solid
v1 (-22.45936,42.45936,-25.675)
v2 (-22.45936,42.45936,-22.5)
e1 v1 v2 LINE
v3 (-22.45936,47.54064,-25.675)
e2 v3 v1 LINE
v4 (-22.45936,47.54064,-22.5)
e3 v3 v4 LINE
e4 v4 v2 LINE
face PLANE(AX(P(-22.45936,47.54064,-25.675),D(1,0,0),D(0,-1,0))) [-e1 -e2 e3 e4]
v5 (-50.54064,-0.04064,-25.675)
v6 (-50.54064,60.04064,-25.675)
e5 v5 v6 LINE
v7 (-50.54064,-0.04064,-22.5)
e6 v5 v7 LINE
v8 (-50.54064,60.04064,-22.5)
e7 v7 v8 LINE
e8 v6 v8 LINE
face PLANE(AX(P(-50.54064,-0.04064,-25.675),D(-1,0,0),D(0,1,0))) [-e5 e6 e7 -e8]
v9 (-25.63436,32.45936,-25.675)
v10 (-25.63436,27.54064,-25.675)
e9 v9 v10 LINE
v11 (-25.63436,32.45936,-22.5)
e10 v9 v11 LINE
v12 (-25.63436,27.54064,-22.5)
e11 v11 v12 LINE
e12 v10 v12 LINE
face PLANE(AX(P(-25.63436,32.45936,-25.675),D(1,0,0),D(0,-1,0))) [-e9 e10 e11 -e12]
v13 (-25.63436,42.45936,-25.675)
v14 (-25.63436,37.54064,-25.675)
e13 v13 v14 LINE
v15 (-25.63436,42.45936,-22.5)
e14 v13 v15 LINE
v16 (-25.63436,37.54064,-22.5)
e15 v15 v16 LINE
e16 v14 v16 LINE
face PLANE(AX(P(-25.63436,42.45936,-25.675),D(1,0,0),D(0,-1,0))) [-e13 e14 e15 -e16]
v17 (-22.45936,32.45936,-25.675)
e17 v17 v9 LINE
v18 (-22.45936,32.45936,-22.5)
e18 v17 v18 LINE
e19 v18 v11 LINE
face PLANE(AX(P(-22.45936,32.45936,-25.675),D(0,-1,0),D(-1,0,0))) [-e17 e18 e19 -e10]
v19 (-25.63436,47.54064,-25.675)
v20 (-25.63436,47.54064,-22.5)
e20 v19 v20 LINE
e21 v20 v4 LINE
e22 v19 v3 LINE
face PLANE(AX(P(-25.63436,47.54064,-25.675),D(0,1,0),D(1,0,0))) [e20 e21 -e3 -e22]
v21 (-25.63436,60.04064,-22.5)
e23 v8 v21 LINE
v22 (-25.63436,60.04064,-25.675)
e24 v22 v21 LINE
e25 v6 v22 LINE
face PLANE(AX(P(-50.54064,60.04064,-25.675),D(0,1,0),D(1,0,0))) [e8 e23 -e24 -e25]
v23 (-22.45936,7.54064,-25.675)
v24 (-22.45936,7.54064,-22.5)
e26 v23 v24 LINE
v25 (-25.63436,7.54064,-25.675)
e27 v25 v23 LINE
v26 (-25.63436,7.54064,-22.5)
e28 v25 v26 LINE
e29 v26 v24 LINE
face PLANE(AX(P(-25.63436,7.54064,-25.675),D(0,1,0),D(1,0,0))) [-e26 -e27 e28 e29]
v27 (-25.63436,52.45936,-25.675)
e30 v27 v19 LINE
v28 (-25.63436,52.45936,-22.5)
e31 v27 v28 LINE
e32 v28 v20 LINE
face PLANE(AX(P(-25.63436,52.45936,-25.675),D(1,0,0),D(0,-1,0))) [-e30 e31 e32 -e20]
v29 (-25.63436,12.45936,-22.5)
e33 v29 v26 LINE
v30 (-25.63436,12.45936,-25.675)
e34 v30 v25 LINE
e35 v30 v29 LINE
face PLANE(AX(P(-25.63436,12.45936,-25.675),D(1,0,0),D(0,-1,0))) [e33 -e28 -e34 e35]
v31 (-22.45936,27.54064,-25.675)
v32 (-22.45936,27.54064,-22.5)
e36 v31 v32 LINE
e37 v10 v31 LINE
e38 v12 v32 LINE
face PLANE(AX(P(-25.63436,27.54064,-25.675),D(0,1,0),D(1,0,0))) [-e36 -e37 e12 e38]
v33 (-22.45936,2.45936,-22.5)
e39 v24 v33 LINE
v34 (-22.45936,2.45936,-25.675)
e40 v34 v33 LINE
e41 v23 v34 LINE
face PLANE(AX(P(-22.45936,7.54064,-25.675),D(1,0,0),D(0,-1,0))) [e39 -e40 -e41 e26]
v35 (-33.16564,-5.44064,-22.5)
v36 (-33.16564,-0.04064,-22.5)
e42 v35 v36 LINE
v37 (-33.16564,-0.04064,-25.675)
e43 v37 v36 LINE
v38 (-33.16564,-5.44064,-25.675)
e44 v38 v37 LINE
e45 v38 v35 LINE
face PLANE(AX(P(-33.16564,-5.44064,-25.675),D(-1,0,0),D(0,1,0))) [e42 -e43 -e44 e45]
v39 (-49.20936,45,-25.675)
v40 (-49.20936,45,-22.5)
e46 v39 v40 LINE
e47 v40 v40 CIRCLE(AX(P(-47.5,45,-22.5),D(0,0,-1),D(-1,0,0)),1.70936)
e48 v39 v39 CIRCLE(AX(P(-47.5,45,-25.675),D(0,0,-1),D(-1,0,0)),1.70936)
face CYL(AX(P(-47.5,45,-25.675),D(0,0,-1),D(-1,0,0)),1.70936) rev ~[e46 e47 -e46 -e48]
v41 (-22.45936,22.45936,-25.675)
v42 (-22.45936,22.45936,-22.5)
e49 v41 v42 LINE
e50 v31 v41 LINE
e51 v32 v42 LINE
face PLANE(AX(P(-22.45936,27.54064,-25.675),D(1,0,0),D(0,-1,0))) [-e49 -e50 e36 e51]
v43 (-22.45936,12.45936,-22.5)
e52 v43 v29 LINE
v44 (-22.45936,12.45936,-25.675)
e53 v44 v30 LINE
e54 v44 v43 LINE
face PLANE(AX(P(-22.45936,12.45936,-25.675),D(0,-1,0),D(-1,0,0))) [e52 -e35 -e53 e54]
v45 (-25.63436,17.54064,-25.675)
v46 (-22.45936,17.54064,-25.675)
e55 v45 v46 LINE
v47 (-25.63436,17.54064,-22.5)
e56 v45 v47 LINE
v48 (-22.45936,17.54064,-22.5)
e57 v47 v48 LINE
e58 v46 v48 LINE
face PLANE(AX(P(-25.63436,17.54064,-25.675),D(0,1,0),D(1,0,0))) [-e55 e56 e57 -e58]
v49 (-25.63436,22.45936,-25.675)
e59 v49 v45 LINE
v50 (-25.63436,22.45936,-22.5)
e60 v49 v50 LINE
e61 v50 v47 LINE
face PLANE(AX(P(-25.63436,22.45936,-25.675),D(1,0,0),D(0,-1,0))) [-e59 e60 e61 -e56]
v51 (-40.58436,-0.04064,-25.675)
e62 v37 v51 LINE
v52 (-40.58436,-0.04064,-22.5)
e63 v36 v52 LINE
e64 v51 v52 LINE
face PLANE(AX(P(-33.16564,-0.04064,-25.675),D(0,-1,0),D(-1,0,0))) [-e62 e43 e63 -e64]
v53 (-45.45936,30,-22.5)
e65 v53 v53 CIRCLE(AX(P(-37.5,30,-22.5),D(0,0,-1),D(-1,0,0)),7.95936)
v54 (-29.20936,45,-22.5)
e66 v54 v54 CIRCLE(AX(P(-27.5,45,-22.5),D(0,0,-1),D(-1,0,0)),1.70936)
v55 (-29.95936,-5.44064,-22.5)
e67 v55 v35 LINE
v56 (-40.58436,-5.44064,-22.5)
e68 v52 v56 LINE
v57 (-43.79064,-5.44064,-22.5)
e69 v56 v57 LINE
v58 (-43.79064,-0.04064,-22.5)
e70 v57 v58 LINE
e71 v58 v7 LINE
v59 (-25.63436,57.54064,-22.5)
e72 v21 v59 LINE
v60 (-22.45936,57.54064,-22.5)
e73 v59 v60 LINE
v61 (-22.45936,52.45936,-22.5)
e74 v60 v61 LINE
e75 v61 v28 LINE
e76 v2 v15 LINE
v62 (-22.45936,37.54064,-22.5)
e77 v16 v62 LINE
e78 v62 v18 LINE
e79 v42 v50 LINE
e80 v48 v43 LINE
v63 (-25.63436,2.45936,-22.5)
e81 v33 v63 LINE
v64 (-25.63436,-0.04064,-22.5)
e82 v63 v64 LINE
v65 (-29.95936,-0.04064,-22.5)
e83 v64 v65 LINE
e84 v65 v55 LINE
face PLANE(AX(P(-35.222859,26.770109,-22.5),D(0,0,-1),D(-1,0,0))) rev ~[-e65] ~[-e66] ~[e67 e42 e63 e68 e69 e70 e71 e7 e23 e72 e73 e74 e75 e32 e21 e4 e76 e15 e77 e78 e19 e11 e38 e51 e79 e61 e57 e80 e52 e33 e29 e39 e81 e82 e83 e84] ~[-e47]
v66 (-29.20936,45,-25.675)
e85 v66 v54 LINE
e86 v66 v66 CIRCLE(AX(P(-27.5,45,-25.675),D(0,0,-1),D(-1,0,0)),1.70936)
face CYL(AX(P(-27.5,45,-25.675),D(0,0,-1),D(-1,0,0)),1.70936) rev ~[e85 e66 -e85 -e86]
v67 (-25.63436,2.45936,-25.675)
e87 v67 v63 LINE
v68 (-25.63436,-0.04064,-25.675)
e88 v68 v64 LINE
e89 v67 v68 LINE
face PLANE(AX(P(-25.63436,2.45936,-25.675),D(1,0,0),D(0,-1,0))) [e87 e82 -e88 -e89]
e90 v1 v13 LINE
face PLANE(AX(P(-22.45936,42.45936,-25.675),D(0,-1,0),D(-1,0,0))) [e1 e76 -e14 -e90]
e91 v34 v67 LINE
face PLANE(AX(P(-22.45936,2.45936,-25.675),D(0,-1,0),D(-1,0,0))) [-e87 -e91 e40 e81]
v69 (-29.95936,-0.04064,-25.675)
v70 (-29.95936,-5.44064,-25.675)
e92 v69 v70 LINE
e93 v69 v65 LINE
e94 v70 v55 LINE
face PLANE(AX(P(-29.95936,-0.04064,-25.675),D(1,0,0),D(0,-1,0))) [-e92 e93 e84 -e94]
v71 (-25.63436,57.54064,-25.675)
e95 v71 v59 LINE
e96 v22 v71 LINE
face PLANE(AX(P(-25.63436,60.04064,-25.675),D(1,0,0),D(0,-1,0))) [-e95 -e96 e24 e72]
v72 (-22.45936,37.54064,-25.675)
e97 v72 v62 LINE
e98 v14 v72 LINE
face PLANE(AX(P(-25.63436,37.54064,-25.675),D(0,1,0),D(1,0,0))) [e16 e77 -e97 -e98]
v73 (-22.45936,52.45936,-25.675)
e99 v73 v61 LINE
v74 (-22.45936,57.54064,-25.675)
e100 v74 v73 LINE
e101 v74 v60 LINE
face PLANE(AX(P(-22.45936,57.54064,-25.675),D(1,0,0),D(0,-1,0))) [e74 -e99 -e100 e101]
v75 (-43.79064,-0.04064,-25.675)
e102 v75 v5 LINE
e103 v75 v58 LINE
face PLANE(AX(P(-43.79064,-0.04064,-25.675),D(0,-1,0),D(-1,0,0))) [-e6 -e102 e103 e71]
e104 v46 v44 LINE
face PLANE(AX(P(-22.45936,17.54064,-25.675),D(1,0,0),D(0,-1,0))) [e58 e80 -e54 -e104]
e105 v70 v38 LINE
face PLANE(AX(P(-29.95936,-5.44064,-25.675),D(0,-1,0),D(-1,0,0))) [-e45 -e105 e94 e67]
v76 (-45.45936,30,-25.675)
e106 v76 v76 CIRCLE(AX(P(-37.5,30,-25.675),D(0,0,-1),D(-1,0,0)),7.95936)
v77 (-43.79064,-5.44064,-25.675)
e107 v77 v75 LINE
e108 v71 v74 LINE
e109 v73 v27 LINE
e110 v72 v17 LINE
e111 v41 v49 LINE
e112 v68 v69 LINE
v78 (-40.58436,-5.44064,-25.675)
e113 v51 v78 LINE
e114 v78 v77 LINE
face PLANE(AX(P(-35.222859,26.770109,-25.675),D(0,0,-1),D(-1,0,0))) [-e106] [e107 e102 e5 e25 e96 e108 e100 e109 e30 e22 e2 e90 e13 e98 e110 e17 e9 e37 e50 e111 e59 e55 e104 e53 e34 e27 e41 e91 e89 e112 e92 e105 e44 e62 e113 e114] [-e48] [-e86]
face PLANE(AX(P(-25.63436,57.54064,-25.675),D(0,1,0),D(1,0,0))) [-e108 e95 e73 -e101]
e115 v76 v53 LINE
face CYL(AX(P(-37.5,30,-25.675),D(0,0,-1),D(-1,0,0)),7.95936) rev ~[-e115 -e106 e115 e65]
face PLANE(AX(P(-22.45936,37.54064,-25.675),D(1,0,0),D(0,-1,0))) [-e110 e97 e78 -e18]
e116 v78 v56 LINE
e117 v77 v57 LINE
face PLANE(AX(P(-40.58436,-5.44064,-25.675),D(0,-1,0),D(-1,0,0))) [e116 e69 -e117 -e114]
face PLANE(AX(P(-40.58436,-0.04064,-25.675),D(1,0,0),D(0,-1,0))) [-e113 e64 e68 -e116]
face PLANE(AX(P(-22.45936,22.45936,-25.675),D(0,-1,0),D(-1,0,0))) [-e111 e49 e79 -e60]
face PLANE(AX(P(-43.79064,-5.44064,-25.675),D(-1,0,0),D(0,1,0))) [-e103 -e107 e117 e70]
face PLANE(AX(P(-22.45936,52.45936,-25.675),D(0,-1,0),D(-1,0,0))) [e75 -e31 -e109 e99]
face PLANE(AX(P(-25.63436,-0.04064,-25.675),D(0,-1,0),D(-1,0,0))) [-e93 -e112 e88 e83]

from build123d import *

# Parameters (mm, degrees)
SKETCH1_W           = 24.825
SKETCH1_H           = 3.175
SKETCH1_W_2         = 3.175
SKETCH1_H_2         = 24.825
BOSS_EXTRUDE1_DEPTH = 60
SKETCH2_W           = 3.125
SKETCH2_H           = 5.4
BOSS_EXTRUDE4_DEPTH = 3.175
SKETCH4_R           = 8
CUT_EXTRUDE1_DEPTH  = 3.175
SKETCH3_R           = 8
CUT_EXTRUDE2_DEPTH  = 3.175
SKETCH5_W           = 3.175
SKETCH5_H           = 5.4
BOSS_EXTRUDE5_DEPTH = 3.175
SKETCH6_R           = 1.75
CUT_EXTRUDE3_DEPTH  = 10
SKETCH7_R           = 1.75
CUT_EXTRUDE4_DEPTH  = 10
SKETCH8_W           = 3.175
SKETCH8_H           = 65.4
CUT_EXTRUDE6_DEPTH  = 24.825
SKETCH9_W           = 3.175
SKETCH9_H           = 2.5
SKETCH9_H_2         = 5
CUT_EXTRUDE8_DEPTH  = 10
SKETCH10_R          = 1.70936
SKETCH10_R_2        = 7.95936
BOSS_EXTRUDE6_DEPTH = 3.175


with BuildPart() as part:
    # Sketch1 → Boss-Extrude1 (new body)
    with BuildSketch(Plane(origin=(0, 0, 0), x_dir=(1, 0, 0), z_dir=(0, 1, 0))):
        with Locations((-38.0875, 24.0875)):
            Rectangle(SKETCH1_W, SKETCH1_H)
        with Locations((-24.0875, 24.0875)):
            Rectangle(SKETCH1_W_2, SKETCH1_H)
        with Locations((-24.0875, 38.0875)):
            Rectangle(SKETCH1_W_2, SKETCH1_H_2)
    extrude(amount=BOSS_EXTRUDE1_DEPTH)

    # Sketch2 → Boss-Extrude4 (add)
    with BuildSketch(Plane.XY.offset(-22.5)):
        with Locations((-42.1875, -2.7)):
            Rectangle(SKETCH2_W, SKETCH2_H)
        with Locations((-31.5625, -2.7)):
            Rectangle(SKETCH2_W, SKETCH2_H)
    extrude(amount=-BOSS_EXTRUDE4_DEPTH)

    # Sketch4 → Cut-Extrude1 (cut)
    with BuildSketch(Plane.XY.offset(-22.5)):
        with Locations((-37.5, 30)):
            Circle(SKETCH4_R)
    extrude(amount=-CUT_EXTRUDE1_DEPTH, mode=Mode.SUBTRACT)

    # Sketch3 → Cut-Extrude2 (cut)
    with BuildSketch(Plane(origin=(-22.5, 0, 0), x_dir=(0, 0, -1), z_dir=(1, 0, 0))):
        with Locations((37.5, 30)):
            Circle(SKETCH3_R)
    extrude(amount=-CUT_EXTRUDE2_DEPTH, mode=Mode.SUBTRACT)

    # Sketch5 → Boss-Extrude5 (add)
    with BuildSketch(Plane(origin=(-22.5, 0, 0), x_dir=(0, 0, -1), z_dir=(1, 0, 0))):
        with Locations((42.2625, -2.7)):
            Rectangle(SKETCH5_W, SKETCH5_H)
        with Locations((31.5875, -2.7)):
            Rectangle(SKETCH5_W, SKETCH5_H)
    extrude(amount=-BOSS_EXTRUDE5_DEPTH)

    # Sketch6 → Cut-Extrude3 (cut)
    with BuildSketch(Plane.XY.offset(-22.5)):
        with Locations((-47.5, 45)):
            Circle(SKETCH6_R)
        with Locations((-27.5, 45)):
            Circle(SKETCH6_R)
    extrude(amount=-CUT_EXTRUDE3_DEPTH, mode=Mode.SUBTRACT)

    # Sketch7 → Cut-Extrude4 (cut)
    with BuildSketch(Plane(origin=(-22.5, 0, 0), x_dir=(0, 0, -1), z_dir=(1, 0, 0))):
        with Locations((47.5, 45)):
            Circle(SKETCH7_R)
        with Locations((27.5, 45)):
            Circle(SKETCH7_R)
    extrude(amount=-CUT_EXTRUDE4_DEPTH, mode=Mode.SUBTRACT)

    # Sketch8 → Cut-Extrude6 (cut)
    with BuildSketch(Plane(origin=(0, 0, -50.5), x_dir=(-1, 0, 0), z_dir=(0, 0, -1))):
        with Locations((24.0875, 27.3)):
            Rectangle(SKETCH8_W, SKETCH8_H)
    extrude(amount=-CUT_EXTRUDE6_DEPTH, mode=Mode.SUBTRACT)

    # Sketch9 → Cut-Extrude8 (cut)
    with BuildSketch(Plane(origin=(0, 0, -25.675), x_dir=(-1, 0, 0), z_dir=(0, 0, -1))):
        with Locations((24.0875, 58.75)):
            Rectangle(SKETCH9_W, SKETCH9_H)
        with Locations((24.0875, 50)):
            Rectangle(SKETCH9_W, SKETCH9_H_2)
        with Locations((24.0875, 40)):
            Rectangle(SKETCH9_W, SKETCH9_H_2)
        with Locations((24.0875, 30)):
            Rectangle(SKETCH9_W, SKETCH9_H_2)
        with Locations((24.0875, 20)):
            Rectangle(SKETCH9_W, SKETCH9_H_2)
        with Locations((24.0875, 10)):
            Rectangle(SKETCH9_W, SKETCH9_H_2)
        with Locations((24.0875, 1.25)):
            Rectangle(SKETCH9_W, SKETCH9_H)
    extrude(amount=-CUT_EXTRUDE8_DEPTH, mode=Mode.SUBTRACT)

    # Sketch10 → Boss-Extrude6 (add)
    with BuildSketch(Plane(origin=(0, 0, -25.675), x_dir=(-1, 0, 0), z_dir=(0, 0, -1))):
        Polygon((25.63436, 60.04064), (25.63436, 57.54064), (22.45936, 57.54064), (22.45936, 52.45936), (25.63436, 52.45936), (25.63436, 47.54064), (22.45936, 47.54064), (22.45936, 42.45936), (25.63436, 42.45936), (25.63436, 37.54064), (22.45936, 37.54064), (22.45936, 32.45936), (25.63436, 32.45936), (25.63436, 27.54064), (22.45936, 27.54064), (22.45936, 22.45936), (25.63436, 22.45936), (25.63436, 17.54064), (22.45936, 17.54064), (22.45936, 12.45936), (25.63436, 12.45936), (25.63436, 7.54064), (22.45936, 7.54064), (22.45936, 2.45936), (25.63436, 2.45936), (25.63436, -0.04064), (29.95936, -0.04064), (29.95936, -5.44064), (33.16564, -5.44064), (33.16564, -0.04064), (40.58436, -0.04064), (40.58436, -5.44064), (43.79064, -5.44064), (43.79064, -0.04064), (50.54064, -0.04064), (50.54064, 60.04064), align=None)
        with Locations((27.5, 45)):
            Circle(SKETCH10_R, mode=Mode.SUBTRACT)
        with Locations((47.5, 45)):
            Circle(SKETCH10_R, mode=Mode.SUBTRACT)
        with Locations((37.5, 30)):
            Circle(SKETCH10_R_2, mode=Mode.SUBTRACT)
    extrude(amount=-BOSS_EXTRUDE6_DEPTH)


solid = part.part
